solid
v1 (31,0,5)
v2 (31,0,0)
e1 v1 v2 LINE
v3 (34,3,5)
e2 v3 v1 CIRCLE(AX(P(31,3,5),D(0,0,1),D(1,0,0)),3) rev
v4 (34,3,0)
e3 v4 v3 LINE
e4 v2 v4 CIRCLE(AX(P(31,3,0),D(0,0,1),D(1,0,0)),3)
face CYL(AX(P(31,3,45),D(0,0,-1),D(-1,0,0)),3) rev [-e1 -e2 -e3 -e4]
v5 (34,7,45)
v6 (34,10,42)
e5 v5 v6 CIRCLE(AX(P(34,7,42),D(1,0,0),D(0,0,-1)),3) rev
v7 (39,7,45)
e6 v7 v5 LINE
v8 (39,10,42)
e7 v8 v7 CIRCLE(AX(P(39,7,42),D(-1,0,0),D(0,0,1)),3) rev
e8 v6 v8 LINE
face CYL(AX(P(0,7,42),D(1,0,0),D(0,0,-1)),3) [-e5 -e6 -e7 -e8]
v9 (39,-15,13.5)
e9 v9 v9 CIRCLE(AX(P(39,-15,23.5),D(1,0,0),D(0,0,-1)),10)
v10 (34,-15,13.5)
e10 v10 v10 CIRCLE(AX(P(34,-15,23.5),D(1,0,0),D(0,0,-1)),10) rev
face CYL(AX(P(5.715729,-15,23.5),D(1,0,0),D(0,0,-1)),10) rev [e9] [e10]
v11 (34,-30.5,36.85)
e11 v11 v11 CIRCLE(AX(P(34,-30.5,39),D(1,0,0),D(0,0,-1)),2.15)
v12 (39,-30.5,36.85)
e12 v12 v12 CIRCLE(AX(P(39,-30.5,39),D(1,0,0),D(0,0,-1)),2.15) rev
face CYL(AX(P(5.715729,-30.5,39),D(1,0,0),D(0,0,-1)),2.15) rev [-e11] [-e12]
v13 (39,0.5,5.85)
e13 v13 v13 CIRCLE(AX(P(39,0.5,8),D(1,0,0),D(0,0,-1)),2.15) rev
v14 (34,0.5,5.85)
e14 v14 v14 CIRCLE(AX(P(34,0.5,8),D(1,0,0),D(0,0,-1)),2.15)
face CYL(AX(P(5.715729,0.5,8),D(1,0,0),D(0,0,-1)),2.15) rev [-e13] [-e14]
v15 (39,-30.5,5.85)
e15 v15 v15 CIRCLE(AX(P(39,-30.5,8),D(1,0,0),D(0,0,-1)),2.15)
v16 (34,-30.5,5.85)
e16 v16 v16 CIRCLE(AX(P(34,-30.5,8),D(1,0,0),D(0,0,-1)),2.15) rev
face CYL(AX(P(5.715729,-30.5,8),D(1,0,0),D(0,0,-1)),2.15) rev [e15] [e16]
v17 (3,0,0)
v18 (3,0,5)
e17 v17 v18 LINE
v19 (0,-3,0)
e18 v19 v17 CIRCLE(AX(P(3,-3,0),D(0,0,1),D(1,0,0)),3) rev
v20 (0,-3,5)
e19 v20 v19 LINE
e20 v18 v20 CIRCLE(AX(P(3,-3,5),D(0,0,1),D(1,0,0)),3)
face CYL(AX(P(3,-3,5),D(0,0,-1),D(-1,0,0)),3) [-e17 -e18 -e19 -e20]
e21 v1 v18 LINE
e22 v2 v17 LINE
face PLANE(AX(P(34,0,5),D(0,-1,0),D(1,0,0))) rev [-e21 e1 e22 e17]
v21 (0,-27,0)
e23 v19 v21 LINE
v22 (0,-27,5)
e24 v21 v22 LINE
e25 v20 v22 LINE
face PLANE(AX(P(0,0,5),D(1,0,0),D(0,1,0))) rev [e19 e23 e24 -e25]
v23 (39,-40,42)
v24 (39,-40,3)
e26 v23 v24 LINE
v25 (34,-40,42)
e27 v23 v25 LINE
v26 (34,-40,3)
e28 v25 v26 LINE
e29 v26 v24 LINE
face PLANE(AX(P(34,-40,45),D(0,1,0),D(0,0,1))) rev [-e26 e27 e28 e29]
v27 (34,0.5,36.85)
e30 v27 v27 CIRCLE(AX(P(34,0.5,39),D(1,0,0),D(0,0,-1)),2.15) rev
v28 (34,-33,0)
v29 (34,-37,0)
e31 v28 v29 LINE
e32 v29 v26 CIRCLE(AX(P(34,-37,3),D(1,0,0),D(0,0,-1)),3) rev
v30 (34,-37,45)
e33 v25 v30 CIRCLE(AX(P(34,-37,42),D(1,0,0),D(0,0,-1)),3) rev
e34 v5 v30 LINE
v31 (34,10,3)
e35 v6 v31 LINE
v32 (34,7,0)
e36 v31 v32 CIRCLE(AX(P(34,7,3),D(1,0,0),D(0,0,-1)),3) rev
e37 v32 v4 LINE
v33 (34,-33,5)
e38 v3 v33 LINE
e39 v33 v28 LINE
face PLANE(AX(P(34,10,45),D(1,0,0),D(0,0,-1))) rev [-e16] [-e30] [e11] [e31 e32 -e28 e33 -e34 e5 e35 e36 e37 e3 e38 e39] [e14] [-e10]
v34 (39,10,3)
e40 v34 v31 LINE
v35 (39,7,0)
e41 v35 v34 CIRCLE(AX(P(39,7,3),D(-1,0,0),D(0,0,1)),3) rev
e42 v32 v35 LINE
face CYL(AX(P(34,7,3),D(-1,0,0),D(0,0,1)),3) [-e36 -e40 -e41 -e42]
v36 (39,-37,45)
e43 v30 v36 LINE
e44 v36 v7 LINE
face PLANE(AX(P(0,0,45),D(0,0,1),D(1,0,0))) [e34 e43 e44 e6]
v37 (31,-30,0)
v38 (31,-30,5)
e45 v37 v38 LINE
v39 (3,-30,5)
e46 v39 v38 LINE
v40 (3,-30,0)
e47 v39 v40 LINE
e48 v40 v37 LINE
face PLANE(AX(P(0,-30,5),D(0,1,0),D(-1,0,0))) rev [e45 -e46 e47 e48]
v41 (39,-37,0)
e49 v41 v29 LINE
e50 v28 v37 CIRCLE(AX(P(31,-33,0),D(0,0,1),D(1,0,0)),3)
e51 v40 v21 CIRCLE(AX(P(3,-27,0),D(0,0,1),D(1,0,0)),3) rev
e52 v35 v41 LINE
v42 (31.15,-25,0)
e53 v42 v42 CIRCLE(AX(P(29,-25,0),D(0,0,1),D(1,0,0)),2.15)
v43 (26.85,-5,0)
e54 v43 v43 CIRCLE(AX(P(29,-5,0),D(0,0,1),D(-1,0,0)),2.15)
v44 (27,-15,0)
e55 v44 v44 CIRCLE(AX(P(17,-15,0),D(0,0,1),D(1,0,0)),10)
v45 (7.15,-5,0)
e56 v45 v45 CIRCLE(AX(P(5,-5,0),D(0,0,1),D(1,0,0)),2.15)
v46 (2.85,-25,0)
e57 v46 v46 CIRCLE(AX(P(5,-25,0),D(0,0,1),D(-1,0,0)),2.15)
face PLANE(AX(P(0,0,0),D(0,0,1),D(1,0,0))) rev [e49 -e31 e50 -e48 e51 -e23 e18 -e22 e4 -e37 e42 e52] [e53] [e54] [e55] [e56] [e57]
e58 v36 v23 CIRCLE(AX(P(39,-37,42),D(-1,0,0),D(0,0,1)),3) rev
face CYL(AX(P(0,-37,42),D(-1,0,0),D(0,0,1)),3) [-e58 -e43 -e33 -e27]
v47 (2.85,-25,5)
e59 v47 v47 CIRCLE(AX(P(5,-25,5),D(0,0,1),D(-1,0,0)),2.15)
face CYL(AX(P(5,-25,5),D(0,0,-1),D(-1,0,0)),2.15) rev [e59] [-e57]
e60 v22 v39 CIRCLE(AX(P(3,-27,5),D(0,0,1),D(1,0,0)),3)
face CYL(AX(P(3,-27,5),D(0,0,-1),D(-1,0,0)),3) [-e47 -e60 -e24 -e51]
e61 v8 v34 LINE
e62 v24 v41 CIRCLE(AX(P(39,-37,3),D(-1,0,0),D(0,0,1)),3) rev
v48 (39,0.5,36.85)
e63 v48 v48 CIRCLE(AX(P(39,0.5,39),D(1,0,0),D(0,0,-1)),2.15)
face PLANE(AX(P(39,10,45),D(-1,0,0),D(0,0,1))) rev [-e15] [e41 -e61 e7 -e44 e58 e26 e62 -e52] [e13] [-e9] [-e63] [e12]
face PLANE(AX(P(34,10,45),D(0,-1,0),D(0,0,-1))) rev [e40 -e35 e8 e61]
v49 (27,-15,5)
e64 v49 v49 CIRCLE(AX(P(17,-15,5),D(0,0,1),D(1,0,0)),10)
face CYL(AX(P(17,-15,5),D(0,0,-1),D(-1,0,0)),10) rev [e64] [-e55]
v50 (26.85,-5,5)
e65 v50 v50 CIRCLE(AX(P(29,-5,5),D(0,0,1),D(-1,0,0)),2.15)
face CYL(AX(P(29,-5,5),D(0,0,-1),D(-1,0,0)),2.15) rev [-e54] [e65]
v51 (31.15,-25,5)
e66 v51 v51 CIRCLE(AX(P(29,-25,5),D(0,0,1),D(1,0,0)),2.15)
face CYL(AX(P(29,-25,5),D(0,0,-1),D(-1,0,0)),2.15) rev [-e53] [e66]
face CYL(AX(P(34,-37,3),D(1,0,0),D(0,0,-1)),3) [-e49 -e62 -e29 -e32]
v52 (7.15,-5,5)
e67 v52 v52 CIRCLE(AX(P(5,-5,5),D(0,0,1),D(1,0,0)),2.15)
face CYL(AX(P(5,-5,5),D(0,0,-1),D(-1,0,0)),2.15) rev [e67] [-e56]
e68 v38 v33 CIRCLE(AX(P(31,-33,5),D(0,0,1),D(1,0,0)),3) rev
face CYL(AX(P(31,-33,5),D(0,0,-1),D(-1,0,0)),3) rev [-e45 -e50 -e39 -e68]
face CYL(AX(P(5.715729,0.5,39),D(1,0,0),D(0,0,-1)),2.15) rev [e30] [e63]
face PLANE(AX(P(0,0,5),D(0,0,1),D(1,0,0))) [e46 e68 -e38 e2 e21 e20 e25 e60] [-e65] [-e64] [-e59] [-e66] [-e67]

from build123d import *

# Parameters (mm, degrees)
SKETCH2_W           = 34
SKETCH2_H           = 30
SKETCH2_R           = 10
SKETCH2_R_2         = 2.15
BOSS_EXTRUDE1_DEPTH = 5
SKETCH6_W           = 5
SKETCH6_H           = 50
BOSS_EXTRUDE3_DEPTH = 40
SKETCH10_W          = 5
SKETCH10_H          = 30
BOSS_EXTRUDE4_DEPTH = 5
SKETCH11_W          = 5
SKETCH11_H          = 10
BOSS_EXTRUDE5_DEPTH = 5
FILLET3_R           = 3
FILLET4_R           = 3
FILLET5_R           = 3
SKETCH12_R          = 2.15
SKETCH12_R_2        = 10
CUT_EXTRUDE3_DEPTH  = 5


with BuildPart() as part:
    # Sketch2 → Boss-Extrude1 (new body)
    with BuildSketch(Plane.XY):
        with Locations((17, -15)):
            Rectangle(SKETCH2_W, SKETCH2_H)
        with Locations((17, -15)):
            Circle(SKETCH2_R, mode=Mode.SUBTRACT)
        with Locations((29, -5)):
            Circle(SKETCH2_R_2, mode=Mode.SUBTRACT)
        with Locations((5, -5)):
            Circle(SKETCH2_R_2, mode=Mode.SUBTRACT)
        with Locations((5, -25)):
            Circle(SKETCH2_R_2, mode=Mode.SUBTRACT)
        with Locations((29, -25)):
            Circle(SKETCH2_R_2, mode=Mode.SUBTRACT)
    extrude(amount=BOSS_EXTRUDE1_DEPTH)



with BuildPart() as body_2:
    # Sketch6 → Boss-Extrude3 (new body)
    with BuildSketch(Plane.XY.offset(5)):
        with Locations((36.5, -15)):
            Rectangle(SKETCH6_W, SKETCH6_H)
    extrude(amount=BOSS_EXTRUDE3_DEPTH)


with BuildPart() as part_1:
    add(part.part)

    add(body_2.part)  # Boss-Extrude4 merges body 2
    # Sketch10 → Boss-Extrude4 (add)
    with BuildSketch(Plane(origin=(34, 0, 0), x_dir=(0, 0, -1), z_dir=(1, 0, 0))):
        with Locations((-2.5, -15)):
            Rectangle(SKETCH10_W, SKETCH10_H)
    extrude(amount=BOSS_EXTRUDE4_DEPTH)

    # Sketch11 → Boss-Extrude5 (add)
    with BuildSketch(Plane(origin=(0, 0, 5), x_dir=(-1, 0, 0), z_dir=(0, 0, -1))):
        with Locations((-36.5, -35)):
            Rectangle(SKETCH11_W, SKETCH11_H)
        with Locations((-36.5, 5)):
            Rectangle(SKETCH11_W, SKETCH11_H)
    extrude(amount=BOSS_EXTRUDE5_DEPTH)

    # Fillet3
    fillet3_edges = [part_1.edges().sort_by_distance(p)[0] for p in [
        (34, -30, 2.5),
        (34, 0, 2.5),
        (0, -30, 2.5),
        (0, 0, 2.5),
    ]]
    fillet(fillet3_edges, radius=FILLET3_R)

    # Fillet4
    fillet4_edges = [part_1.edges().sort_by_distance(p)[0] for p in [
        (36.5, -40, 0),
    ]]
    fillet(fillet4_edges, radius=FILLET4_R)

    # Fillet5
    fillet5_edges = [part_1.edges().sort_by_distance(p)[0] for p in [
        (36.5, -40, 45),
        (36.5, 10, 45),
        (36.5, 10, 0),
    ]]
    fillet(fillet5_edges, radius=FILLET5_R)

    # Sketch12 → Cut-Extrude3 (cut)
    with BuildSketch(Plane(origin=(39, 0, 0), x_dir=(0, 0, -1), z_dir=(1, 0, 0))):
        with Locations((-39, 0.5)):
            Circle(SKETCH12_R)
        with Locations((-23.5, -15)):
            Circle(SKETCH12_R_2)
        with Locations((-8, 0.5)):
            Circle(SKETCH12_R)
        with Locations((-8, -30.5)):
            Circle(SKETCH12_R)
        with Locations((-39, -30.5)):
            Circle(SKETCH12_R)
    extrude(amount=-CUT_EXTRUDE3_DEPTH, mode=Mode.SUBTRACT)


solid = part_1.part
